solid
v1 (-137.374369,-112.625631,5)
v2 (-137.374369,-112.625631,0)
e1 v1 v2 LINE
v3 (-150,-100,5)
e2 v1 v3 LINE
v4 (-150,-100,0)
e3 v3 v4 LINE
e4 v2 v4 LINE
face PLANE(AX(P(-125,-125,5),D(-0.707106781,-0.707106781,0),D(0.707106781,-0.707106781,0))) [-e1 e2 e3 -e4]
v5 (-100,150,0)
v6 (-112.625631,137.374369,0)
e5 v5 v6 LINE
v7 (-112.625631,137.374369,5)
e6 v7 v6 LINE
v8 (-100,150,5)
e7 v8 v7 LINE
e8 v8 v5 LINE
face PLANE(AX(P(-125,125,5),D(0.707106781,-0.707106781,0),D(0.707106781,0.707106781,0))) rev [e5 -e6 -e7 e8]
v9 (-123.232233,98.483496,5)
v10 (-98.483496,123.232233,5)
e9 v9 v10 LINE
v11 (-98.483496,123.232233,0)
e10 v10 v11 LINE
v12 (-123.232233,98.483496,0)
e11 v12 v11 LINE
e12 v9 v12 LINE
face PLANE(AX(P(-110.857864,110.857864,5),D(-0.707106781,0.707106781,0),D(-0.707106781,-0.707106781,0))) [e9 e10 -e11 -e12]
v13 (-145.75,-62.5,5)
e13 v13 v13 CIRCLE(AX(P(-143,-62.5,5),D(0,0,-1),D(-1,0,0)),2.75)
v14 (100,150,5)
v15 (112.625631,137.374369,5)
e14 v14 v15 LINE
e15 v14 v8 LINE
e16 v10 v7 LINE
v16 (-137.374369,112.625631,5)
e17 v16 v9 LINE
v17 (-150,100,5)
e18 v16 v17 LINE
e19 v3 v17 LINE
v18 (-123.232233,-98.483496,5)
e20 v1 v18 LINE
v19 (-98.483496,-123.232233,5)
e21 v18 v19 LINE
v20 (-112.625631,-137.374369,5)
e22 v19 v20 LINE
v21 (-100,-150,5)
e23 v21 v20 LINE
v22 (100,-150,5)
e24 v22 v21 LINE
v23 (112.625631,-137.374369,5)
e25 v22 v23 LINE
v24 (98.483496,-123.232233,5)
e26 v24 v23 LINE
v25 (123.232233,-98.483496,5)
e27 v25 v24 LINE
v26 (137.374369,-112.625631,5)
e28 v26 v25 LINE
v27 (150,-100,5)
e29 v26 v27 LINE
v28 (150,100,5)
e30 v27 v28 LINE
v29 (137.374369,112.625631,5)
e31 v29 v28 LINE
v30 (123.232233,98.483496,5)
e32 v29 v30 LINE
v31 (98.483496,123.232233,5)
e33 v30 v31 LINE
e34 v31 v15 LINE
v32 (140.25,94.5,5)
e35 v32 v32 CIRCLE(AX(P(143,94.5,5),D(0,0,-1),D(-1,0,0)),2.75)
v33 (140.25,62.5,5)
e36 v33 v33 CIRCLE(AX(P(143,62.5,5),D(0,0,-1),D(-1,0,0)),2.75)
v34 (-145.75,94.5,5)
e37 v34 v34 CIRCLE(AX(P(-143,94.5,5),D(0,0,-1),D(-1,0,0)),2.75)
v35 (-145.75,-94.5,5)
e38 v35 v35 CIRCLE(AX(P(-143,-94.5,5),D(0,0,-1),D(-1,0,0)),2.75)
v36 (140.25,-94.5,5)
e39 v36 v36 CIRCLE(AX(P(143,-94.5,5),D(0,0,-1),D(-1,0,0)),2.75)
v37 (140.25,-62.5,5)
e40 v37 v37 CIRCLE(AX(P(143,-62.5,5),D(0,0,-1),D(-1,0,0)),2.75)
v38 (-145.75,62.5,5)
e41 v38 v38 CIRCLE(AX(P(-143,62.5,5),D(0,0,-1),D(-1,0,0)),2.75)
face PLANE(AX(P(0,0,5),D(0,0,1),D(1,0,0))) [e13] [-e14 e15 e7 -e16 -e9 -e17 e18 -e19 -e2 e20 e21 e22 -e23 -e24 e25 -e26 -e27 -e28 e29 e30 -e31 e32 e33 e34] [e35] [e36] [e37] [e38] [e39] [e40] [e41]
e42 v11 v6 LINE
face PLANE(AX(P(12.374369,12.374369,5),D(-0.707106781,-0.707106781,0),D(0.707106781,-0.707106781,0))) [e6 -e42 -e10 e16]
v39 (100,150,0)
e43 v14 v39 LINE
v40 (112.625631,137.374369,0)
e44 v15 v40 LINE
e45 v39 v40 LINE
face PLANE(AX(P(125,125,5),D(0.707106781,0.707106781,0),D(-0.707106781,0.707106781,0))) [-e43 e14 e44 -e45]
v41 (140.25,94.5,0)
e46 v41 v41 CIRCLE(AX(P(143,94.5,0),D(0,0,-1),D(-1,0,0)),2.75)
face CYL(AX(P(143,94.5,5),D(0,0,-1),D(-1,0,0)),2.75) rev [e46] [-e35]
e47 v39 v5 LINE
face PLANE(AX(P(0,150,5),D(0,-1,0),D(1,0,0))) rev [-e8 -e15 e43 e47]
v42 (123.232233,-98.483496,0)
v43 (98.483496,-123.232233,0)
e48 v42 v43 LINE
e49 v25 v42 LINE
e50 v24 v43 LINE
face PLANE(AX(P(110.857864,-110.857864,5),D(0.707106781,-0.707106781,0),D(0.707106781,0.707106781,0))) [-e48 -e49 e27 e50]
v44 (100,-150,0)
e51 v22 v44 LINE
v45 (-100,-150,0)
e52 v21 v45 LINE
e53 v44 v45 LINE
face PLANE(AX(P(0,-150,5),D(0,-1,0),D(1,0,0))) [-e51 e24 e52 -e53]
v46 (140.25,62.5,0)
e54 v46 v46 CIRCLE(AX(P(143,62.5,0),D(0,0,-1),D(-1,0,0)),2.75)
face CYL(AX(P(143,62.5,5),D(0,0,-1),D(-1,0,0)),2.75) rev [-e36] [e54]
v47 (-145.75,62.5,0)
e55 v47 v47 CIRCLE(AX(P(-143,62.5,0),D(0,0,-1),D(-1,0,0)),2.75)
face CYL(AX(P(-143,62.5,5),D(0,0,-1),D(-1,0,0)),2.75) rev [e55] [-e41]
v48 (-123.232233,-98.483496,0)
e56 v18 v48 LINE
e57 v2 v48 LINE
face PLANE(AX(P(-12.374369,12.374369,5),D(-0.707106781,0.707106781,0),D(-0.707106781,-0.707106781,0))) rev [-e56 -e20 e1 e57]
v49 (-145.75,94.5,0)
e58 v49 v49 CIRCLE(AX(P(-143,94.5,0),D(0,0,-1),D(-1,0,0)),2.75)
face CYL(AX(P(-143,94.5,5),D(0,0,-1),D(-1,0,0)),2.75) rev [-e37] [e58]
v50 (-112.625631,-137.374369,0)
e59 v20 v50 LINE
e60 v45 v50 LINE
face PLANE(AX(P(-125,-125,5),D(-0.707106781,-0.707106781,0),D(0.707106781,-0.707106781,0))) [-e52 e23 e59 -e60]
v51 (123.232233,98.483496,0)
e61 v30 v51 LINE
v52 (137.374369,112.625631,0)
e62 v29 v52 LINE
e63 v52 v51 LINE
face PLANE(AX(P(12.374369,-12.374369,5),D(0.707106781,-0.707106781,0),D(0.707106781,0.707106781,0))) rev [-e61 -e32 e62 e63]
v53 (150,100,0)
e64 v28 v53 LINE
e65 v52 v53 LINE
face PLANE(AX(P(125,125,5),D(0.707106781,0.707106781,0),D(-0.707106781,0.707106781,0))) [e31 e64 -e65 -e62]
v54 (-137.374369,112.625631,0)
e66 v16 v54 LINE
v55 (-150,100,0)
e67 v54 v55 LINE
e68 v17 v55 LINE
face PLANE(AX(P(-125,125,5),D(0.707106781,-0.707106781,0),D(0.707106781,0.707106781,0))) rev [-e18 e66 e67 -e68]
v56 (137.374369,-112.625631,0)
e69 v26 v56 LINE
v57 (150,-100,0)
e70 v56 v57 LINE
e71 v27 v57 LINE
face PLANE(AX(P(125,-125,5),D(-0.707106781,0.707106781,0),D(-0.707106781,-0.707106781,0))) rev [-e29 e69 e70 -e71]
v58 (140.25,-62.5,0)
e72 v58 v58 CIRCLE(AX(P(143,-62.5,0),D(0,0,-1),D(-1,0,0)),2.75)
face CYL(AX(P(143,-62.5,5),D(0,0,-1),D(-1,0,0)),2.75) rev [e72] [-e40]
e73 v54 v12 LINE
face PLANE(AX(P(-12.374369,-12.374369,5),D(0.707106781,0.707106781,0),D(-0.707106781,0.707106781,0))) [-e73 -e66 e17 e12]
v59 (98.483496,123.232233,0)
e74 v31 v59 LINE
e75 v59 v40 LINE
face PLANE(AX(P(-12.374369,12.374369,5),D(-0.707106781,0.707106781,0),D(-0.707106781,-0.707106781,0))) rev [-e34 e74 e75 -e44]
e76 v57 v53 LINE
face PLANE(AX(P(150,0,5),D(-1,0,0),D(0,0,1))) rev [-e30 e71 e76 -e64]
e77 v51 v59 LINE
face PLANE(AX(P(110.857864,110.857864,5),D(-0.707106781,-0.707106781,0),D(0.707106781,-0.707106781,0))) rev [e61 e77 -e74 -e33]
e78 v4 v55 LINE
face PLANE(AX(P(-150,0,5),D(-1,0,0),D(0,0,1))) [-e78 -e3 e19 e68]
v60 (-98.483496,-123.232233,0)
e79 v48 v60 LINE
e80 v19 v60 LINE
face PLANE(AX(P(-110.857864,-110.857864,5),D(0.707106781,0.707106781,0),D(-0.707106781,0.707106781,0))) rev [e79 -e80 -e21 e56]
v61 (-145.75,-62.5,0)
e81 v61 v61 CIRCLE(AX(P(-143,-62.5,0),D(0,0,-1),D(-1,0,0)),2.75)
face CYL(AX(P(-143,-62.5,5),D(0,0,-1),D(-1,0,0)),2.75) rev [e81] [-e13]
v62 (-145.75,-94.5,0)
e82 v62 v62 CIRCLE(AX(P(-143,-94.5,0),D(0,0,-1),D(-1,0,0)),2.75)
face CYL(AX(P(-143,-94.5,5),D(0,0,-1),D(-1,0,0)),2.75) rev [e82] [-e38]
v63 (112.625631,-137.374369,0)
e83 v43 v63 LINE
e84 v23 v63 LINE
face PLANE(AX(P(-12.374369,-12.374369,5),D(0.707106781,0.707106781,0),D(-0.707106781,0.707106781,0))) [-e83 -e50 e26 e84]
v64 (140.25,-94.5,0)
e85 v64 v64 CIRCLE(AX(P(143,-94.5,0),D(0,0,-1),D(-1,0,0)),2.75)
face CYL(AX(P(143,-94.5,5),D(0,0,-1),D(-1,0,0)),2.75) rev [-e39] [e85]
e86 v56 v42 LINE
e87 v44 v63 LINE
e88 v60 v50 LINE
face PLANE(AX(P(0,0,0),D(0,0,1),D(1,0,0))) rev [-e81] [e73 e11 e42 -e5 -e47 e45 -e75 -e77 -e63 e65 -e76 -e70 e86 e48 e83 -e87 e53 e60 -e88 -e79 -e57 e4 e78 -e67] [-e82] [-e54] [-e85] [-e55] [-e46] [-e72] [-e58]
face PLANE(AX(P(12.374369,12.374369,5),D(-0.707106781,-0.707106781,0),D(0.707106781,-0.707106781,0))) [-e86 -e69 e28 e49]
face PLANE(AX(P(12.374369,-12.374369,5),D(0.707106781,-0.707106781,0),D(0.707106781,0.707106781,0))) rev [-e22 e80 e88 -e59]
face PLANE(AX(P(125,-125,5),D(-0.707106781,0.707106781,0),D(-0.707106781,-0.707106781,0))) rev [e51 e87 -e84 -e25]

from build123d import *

# Parameters (mm, degrees)
BOSS_EXTRU_1_DEPTH      = 5
ESQUISSE2_R             = 2.75
ENL_V_MAT_EXTRU_1_DEPTH = 213.190951739


with BuildPart() as part:
    # Esquisse1 → Boss.-Extru.1 (new body)
    with BuildSketch(Plane.XY):
        Polygon((112.625631329, 137.374368671), (100, 150), (-100, 150), (-112.625631329, 137.374368671), (-98.483495706, 123.232233047), (-123.232233047, 98.483495706), (-137.374368671, 112.625631329), (-150, 100), (-150, -100), (-137.374368671, -112.625631329), (-123.232233047, -98.483495706), (-98.483495706, -123.232233047), (-112.625631329, -137.374368671), (-100, -150), (100, -150), (112.625631329, -137.374368671), (98.483495706, -123.232233047), (123.232233047, -98.483495706), (137.374368671, -112.625631329), (150, -100), (150, 100), (137.374368671, 112.625631329), (123.232233047, 98.483495706), (98.483495706, 123.232233047), align=None)
    extrude(amount=BOSS_EXTRU_1_DEPTH)

    # Esquisse2 → Enlèv. mat.-Extru.1 (cut, through all)
    with BuildSketch(Plane(origin=(0, 0, 0), x_dir=(-1, 0, 0), z_dir=(0, 0, -1))):
        with Locations((143, -62.5)):
            Circle(ESQUISSE2_R)
        with Locations((143, -94.5)):
            Circle(ESQUISSE2_R)
        with Locations((143, 62.5)):
            Circle(ESQUISSE2_R)
        with Locations((143, 94.5)):
            Circle(ESQUISSE2_R)
        with Locations((-143, -62.5)):
            Circle(ESQUISSE2_R)
        with Locations((-143, -94.5)):
            Circle(ESQUISSE2_R)
        with Locations((-143, 62.5)):
            Circle(ESQUISSE2_R)
        with Locations((-143, 94.5)):
            Circle(ESQUISSE2_R)
    extrude(amount=-ENL_V_MAT_EXTRU_1_DEPTH, mode=Mode.SUBTRACT)


solid = part.part
